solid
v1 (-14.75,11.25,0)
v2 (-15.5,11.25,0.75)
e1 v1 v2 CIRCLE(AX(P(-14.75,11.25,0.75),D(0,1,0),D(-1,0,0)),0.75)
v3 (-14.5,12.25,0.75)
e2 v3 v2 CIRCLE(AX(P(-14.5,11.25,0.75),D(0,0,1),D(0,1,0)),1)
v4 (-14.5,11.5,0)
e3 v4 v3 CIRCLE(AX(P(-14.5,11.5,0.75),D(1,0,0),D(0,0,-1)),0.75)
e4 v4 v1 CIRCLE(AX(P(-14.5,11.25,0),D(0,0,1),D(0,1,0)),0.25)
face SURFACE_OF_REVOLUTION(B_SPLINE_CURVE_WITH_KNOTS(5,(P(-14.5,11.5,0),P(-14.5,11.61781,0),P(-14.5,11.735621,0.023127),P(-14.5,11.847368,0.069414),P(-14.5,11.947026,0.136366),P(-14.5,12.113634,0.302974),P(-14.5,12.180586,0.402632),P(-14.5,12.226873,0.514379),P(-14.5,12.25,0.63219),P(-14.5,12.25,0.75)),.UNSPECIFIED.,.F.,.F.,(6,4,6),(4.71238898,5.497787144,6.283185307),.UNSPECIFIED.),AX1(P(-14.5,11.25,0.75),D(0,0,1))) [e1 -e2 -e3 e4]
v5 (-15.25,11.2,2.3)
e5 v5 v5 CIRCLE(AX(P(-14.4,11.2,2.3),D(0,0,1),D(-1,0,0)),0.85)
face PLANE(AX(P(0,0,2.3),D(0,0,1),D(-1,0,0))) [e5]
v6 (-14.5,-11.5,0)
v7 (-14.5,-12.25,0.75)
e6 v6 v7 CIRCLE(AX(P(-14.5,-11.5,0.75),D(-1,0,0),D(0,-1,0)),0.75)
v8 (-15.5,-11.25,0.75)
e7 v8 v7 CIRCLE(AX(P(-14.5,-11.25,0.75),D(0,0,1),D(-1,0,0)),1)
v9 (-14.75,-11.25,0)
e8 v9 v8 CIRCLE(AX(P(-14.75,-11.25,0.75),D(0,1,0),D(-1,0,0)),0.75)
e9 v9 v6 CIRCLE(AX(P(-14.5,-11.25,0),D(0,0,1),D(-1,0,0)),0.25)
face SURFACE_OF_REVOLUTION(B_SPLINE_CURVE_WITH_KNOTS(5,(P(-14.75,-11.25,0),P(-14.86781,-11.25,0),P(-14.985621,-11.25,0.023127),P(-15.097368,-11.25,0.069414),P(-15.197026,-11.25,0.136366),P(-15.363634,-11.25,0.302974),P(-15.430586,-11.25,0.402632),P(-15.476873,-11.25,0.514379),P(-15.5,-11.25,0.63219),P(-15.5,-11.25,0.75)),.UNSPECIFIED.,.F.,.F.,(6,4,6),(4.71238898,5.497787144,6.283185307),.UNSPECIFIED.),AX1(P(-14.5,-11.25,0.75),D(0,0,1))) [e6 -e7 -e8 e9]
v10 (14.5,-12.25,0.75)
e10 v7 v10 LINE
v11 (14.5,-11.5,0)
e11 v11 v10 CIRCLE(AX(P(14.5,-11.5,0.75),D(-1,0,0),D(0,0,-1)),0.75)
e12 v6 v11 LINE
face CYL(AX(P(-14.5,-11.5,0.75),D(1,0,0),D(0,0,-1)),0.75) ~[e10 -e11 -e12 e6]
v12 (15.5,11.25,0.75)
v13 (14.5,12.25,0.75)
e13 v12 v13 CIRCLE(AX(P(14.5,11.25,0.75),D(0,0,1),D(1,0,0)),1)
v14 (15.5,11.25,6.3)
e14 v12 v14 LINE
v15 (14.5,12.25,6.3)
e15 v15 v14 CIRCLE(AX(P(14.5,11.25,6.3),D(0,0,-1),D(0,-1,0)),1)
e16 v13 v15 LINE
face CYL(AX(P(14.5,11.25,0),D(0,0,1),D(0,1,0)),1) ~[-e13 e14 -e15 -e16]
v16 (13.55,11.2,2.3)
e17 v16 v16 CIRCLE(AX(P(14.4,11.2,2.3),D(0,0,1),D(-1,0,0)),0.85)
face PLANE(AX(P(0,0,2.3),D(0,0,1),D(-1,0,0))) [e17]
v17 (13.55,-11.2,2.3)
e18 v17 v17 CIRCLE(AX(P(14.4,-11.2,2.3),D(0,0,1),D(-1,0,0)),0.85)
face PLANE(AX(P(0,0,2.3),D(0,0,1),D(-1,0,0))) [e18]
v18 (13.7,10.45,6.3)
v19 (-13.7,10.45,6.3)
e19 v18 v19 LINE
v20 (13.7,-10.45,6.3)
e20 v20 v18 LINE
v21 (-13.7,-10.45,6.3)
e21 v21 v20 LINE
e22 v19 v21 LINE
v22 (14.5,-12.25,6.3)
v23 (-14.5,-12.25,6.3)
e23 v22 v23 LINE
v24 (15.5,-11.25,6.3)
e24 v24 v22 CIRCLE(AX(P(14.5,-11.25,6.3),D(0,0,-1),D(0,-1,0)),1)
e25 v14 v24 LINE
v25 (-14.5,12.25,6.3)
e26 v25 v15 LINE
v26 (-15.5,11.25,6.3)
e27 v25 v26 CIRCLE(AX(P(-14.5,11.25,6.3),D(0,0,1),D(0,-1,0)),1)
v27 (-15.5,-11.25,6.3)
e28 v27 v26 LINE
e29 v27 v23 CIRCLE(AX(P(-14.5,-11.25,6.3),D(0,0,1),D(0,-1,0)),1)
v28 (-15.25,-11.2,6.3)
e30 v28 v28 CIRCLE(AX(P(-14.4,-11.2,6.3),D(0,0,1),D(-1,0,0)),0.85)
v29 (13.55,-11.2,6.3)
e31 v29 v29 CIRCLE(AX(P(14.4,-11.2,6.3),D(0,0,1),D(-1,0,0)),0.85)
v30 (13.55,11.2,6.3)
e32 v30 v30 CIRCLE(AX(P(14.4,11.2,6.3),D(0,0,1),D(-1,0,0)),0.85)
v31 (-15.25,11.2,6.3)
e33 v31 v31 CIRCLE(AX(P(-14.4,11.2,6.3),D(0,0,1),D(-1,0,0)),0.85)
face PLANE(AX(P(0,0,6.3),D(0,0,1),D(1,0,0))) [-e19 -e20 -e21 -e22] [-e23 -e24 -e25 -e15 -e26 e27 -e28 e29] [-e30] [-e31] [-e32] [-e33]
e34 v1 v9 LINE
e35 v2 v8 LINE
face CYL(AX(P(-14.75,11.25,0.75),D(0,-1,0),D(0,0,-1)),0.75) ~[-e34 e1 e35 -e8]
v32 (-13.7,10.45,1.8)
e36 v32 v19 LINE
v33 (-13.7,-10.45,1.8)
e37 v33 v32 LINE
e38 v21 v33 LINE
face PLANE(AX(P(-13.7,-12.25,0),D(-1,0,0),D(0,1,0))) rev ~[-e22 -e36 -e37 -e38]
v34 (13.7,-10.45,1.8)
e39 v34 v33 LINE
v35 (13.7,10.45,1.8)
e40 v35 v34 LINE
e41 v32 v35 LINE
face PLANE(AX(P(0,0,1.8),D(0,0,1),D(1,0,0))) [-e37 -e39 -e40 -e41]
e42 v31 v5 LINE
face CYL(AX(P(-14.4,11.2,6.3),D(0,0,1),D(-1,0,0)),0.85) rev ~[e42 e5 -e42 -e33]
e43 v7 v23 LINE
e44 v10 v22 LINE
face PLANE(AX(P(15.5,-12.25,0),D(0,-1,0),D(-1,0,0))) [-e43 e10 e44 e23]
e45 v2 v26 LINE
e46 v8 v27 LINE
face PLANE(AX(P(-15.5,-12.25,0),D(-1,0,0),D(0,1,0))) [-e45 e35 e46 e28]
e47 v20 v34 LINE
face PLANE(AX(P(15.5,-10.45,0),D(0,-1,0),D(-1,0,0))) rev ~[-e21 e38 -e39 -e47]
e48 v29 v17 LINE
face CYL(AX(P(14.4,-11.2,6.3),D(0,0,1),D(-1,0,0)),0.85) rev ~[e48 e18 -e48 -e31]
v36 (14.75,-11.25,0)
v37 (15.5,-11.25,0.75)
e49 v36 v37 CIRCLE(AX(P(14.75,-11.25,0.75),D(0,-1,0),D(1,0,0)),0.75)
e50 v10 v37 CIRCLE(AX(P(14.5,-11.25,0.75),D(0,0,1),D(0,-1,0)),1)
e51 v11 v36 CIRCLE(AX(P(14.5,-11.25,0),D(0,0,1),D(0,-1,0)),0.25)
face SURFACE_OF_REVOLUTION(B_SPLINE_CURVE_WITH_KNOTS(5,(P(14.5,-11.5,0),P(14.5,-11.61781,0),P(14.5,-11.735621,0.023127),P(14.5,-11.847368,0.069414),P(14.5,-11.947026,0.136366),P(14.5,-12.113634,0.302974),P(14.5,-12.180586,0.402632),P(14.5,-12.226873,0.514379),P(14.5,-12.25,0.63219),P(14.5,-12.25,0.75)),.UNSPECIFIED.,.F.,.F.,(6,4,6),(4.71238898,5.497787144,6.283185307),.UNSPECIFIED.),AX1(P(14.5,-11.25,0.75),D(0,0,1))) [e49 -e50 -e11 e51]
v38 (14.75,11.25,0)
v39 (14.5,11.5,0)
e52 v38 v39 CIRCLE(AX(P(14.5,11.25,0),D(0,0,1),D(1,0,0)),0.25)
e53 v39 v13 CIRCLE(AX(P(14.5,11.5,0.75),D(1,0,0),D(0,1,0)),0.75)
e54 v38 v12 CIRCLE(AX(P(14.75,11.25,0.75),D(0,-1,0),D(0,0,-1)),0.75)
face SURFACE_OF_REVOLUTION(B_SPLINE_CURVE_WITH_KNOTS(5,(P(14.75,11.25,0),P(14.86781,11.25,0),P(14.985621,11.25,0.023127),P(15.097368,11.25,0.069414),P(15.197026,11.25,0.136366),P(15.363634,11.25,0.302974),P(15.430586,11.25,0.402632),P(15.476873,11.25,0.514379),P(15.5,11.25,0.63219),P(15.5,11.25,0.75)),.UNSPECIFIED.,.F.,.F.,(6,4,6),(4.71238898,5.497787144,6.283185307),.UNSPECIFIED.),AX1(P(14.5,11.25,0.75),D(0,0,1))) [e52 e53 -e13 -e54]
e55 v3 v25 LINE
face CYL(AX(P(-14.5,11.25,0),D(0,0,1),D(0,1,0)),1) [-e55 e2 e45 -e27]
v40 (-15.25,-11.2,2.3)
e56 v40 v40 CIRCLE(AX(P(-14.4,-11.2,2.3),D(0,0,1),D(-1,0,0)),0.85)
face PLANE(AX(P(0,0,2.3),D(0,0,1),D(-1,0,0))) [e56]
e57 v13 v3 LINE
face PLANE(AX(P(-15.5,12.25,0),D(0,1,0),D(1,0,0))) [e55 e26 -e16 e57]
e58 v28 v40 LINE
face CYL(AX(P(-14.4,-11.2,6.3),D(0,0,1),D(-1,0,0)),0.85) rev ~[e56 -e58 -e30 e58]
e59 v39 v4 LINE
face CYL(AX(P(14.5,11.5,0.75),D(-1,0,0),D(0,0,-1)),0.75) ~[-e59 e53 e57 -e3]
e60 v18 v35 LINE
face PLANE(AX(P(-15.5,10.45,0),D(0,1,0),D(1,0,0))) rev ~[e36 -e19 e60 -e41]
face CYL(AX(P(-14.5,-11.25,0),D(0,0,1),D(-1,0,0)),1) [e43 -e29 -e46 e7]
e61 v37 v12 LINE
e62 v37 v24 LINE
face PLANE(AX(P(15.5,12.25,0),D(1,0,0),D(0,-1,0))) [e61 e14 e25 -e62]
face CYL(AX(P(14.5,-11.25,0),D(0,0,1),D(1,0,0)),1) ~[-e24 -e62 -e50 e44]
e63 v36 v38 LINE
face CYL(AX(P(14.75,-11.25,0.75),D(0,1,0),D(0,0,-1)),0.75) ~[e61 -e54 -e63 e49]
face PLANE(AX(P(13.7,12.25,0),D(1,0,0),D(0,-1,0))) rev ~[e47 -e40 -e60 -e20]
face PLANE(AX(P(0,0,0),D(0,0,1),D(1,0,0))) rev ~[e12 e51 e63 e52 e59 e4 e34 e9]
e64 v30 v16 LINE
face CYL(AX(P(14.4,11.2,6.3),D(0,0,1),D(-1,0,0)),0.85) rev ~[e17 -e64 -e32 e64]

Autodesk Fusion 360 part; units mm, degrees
sketch "Sketch1" plane through (0, 0, 0) normal (0, 0, 1) x (1, 0, 0) in component "part 1"
  line L0 (-15.5, 12.25) -> (15.5, 12.25)
  line L1 (15.5, 12.25) -> (15.5, -12.25)
  line L2 (15.5, -12.25) -> (-15.5, -12.25)
  line L3 (-15.5, -12.25) -> (-15.5, 12.25)
  line L4 (-15.5, 12.25) -> (15.5, -12.25) construction
  line L5 (15.5, 12.25) -> (-15.5, -12.25) construction
  dimension "d1" = 31
  dimension "d2" = 24.5
extrude "Extrude1" add sketch "Sketch1" along normal blind 6.3 in component "part 1"
sketch "Sketch2" plane through (0, 0, 6.3) normal (0, 0, 1) x (-1, 0, 0) in component "part 1"
  line L0 (15.5, 12.25) -> (-15.5, 12.25)
  line L1 (-15.5, 12.25) -> (-15.5, -12.25)
  line L2 (-15.5, -12.25) -> (15.5, -12.25)
  line L3 (15.5, -12.25) -> (15.5, 12.25)
shell "Shell1" thickness 1.8 removed faces 1 at (-5.1667, 4.0833, 6.3) in component "part 1"
sketch "Sketch3" plane through (0, 0, 6.3) normal (0, 0, 1) x (-1, 0, 0) in component "part 1"
  circle A0 centre (14.4, -11.2) radius 0.85
  line L0 (0, 0) -> (0, -3.5)
  line L1 (0, 0) -> (3.5, 0)
  circle A1 centre (-14.4, -11.2) radius 0.85
  circle A2 centre (-14.4, 11.2) radius 0.85
  circle A3 centre (14.4, 11.2) radius 0.85
  dimension "d8" = 1.7
  dimension "d9" = 11.2
  dimension "d10" = 14.4
extrude "Extrude2" cut sketch "Sketch3" against normal blind 4 in component "part 1"
fillet "Fillet1" radius 1 1 edges at (15.5, -12.25, 3.15) in component "part 1"
fillet "Fillet1" radius 1 1 edges at (15.5, 12.25, 3.15) in component "part 1"
fillet "Fillet1" radius 1 1 edges at (-15.5, 12.25, 3.15) in component "part 1"
fillet "Fillet1" radius 1 1 edges at (-15.5, -12.25, 3.15) in component "part 1"
fillet "Fillet2" radius 0.75 8 edges at (-15.2071, -11.9571, 0) (-15.5, 0, 0) (-15.2071, 11.9571, 0) (0, 12.25, 0) (15.2071, 11.9571, 0) (15.5, 0, 0) (15.2071, -11.9571, 0) (0, -12.25, 0) in component "part 1"
component "part 1" placed x (1, 0, 0) y (0, 1, 0) z (0, 0, 1) at (0, 0, 0)
